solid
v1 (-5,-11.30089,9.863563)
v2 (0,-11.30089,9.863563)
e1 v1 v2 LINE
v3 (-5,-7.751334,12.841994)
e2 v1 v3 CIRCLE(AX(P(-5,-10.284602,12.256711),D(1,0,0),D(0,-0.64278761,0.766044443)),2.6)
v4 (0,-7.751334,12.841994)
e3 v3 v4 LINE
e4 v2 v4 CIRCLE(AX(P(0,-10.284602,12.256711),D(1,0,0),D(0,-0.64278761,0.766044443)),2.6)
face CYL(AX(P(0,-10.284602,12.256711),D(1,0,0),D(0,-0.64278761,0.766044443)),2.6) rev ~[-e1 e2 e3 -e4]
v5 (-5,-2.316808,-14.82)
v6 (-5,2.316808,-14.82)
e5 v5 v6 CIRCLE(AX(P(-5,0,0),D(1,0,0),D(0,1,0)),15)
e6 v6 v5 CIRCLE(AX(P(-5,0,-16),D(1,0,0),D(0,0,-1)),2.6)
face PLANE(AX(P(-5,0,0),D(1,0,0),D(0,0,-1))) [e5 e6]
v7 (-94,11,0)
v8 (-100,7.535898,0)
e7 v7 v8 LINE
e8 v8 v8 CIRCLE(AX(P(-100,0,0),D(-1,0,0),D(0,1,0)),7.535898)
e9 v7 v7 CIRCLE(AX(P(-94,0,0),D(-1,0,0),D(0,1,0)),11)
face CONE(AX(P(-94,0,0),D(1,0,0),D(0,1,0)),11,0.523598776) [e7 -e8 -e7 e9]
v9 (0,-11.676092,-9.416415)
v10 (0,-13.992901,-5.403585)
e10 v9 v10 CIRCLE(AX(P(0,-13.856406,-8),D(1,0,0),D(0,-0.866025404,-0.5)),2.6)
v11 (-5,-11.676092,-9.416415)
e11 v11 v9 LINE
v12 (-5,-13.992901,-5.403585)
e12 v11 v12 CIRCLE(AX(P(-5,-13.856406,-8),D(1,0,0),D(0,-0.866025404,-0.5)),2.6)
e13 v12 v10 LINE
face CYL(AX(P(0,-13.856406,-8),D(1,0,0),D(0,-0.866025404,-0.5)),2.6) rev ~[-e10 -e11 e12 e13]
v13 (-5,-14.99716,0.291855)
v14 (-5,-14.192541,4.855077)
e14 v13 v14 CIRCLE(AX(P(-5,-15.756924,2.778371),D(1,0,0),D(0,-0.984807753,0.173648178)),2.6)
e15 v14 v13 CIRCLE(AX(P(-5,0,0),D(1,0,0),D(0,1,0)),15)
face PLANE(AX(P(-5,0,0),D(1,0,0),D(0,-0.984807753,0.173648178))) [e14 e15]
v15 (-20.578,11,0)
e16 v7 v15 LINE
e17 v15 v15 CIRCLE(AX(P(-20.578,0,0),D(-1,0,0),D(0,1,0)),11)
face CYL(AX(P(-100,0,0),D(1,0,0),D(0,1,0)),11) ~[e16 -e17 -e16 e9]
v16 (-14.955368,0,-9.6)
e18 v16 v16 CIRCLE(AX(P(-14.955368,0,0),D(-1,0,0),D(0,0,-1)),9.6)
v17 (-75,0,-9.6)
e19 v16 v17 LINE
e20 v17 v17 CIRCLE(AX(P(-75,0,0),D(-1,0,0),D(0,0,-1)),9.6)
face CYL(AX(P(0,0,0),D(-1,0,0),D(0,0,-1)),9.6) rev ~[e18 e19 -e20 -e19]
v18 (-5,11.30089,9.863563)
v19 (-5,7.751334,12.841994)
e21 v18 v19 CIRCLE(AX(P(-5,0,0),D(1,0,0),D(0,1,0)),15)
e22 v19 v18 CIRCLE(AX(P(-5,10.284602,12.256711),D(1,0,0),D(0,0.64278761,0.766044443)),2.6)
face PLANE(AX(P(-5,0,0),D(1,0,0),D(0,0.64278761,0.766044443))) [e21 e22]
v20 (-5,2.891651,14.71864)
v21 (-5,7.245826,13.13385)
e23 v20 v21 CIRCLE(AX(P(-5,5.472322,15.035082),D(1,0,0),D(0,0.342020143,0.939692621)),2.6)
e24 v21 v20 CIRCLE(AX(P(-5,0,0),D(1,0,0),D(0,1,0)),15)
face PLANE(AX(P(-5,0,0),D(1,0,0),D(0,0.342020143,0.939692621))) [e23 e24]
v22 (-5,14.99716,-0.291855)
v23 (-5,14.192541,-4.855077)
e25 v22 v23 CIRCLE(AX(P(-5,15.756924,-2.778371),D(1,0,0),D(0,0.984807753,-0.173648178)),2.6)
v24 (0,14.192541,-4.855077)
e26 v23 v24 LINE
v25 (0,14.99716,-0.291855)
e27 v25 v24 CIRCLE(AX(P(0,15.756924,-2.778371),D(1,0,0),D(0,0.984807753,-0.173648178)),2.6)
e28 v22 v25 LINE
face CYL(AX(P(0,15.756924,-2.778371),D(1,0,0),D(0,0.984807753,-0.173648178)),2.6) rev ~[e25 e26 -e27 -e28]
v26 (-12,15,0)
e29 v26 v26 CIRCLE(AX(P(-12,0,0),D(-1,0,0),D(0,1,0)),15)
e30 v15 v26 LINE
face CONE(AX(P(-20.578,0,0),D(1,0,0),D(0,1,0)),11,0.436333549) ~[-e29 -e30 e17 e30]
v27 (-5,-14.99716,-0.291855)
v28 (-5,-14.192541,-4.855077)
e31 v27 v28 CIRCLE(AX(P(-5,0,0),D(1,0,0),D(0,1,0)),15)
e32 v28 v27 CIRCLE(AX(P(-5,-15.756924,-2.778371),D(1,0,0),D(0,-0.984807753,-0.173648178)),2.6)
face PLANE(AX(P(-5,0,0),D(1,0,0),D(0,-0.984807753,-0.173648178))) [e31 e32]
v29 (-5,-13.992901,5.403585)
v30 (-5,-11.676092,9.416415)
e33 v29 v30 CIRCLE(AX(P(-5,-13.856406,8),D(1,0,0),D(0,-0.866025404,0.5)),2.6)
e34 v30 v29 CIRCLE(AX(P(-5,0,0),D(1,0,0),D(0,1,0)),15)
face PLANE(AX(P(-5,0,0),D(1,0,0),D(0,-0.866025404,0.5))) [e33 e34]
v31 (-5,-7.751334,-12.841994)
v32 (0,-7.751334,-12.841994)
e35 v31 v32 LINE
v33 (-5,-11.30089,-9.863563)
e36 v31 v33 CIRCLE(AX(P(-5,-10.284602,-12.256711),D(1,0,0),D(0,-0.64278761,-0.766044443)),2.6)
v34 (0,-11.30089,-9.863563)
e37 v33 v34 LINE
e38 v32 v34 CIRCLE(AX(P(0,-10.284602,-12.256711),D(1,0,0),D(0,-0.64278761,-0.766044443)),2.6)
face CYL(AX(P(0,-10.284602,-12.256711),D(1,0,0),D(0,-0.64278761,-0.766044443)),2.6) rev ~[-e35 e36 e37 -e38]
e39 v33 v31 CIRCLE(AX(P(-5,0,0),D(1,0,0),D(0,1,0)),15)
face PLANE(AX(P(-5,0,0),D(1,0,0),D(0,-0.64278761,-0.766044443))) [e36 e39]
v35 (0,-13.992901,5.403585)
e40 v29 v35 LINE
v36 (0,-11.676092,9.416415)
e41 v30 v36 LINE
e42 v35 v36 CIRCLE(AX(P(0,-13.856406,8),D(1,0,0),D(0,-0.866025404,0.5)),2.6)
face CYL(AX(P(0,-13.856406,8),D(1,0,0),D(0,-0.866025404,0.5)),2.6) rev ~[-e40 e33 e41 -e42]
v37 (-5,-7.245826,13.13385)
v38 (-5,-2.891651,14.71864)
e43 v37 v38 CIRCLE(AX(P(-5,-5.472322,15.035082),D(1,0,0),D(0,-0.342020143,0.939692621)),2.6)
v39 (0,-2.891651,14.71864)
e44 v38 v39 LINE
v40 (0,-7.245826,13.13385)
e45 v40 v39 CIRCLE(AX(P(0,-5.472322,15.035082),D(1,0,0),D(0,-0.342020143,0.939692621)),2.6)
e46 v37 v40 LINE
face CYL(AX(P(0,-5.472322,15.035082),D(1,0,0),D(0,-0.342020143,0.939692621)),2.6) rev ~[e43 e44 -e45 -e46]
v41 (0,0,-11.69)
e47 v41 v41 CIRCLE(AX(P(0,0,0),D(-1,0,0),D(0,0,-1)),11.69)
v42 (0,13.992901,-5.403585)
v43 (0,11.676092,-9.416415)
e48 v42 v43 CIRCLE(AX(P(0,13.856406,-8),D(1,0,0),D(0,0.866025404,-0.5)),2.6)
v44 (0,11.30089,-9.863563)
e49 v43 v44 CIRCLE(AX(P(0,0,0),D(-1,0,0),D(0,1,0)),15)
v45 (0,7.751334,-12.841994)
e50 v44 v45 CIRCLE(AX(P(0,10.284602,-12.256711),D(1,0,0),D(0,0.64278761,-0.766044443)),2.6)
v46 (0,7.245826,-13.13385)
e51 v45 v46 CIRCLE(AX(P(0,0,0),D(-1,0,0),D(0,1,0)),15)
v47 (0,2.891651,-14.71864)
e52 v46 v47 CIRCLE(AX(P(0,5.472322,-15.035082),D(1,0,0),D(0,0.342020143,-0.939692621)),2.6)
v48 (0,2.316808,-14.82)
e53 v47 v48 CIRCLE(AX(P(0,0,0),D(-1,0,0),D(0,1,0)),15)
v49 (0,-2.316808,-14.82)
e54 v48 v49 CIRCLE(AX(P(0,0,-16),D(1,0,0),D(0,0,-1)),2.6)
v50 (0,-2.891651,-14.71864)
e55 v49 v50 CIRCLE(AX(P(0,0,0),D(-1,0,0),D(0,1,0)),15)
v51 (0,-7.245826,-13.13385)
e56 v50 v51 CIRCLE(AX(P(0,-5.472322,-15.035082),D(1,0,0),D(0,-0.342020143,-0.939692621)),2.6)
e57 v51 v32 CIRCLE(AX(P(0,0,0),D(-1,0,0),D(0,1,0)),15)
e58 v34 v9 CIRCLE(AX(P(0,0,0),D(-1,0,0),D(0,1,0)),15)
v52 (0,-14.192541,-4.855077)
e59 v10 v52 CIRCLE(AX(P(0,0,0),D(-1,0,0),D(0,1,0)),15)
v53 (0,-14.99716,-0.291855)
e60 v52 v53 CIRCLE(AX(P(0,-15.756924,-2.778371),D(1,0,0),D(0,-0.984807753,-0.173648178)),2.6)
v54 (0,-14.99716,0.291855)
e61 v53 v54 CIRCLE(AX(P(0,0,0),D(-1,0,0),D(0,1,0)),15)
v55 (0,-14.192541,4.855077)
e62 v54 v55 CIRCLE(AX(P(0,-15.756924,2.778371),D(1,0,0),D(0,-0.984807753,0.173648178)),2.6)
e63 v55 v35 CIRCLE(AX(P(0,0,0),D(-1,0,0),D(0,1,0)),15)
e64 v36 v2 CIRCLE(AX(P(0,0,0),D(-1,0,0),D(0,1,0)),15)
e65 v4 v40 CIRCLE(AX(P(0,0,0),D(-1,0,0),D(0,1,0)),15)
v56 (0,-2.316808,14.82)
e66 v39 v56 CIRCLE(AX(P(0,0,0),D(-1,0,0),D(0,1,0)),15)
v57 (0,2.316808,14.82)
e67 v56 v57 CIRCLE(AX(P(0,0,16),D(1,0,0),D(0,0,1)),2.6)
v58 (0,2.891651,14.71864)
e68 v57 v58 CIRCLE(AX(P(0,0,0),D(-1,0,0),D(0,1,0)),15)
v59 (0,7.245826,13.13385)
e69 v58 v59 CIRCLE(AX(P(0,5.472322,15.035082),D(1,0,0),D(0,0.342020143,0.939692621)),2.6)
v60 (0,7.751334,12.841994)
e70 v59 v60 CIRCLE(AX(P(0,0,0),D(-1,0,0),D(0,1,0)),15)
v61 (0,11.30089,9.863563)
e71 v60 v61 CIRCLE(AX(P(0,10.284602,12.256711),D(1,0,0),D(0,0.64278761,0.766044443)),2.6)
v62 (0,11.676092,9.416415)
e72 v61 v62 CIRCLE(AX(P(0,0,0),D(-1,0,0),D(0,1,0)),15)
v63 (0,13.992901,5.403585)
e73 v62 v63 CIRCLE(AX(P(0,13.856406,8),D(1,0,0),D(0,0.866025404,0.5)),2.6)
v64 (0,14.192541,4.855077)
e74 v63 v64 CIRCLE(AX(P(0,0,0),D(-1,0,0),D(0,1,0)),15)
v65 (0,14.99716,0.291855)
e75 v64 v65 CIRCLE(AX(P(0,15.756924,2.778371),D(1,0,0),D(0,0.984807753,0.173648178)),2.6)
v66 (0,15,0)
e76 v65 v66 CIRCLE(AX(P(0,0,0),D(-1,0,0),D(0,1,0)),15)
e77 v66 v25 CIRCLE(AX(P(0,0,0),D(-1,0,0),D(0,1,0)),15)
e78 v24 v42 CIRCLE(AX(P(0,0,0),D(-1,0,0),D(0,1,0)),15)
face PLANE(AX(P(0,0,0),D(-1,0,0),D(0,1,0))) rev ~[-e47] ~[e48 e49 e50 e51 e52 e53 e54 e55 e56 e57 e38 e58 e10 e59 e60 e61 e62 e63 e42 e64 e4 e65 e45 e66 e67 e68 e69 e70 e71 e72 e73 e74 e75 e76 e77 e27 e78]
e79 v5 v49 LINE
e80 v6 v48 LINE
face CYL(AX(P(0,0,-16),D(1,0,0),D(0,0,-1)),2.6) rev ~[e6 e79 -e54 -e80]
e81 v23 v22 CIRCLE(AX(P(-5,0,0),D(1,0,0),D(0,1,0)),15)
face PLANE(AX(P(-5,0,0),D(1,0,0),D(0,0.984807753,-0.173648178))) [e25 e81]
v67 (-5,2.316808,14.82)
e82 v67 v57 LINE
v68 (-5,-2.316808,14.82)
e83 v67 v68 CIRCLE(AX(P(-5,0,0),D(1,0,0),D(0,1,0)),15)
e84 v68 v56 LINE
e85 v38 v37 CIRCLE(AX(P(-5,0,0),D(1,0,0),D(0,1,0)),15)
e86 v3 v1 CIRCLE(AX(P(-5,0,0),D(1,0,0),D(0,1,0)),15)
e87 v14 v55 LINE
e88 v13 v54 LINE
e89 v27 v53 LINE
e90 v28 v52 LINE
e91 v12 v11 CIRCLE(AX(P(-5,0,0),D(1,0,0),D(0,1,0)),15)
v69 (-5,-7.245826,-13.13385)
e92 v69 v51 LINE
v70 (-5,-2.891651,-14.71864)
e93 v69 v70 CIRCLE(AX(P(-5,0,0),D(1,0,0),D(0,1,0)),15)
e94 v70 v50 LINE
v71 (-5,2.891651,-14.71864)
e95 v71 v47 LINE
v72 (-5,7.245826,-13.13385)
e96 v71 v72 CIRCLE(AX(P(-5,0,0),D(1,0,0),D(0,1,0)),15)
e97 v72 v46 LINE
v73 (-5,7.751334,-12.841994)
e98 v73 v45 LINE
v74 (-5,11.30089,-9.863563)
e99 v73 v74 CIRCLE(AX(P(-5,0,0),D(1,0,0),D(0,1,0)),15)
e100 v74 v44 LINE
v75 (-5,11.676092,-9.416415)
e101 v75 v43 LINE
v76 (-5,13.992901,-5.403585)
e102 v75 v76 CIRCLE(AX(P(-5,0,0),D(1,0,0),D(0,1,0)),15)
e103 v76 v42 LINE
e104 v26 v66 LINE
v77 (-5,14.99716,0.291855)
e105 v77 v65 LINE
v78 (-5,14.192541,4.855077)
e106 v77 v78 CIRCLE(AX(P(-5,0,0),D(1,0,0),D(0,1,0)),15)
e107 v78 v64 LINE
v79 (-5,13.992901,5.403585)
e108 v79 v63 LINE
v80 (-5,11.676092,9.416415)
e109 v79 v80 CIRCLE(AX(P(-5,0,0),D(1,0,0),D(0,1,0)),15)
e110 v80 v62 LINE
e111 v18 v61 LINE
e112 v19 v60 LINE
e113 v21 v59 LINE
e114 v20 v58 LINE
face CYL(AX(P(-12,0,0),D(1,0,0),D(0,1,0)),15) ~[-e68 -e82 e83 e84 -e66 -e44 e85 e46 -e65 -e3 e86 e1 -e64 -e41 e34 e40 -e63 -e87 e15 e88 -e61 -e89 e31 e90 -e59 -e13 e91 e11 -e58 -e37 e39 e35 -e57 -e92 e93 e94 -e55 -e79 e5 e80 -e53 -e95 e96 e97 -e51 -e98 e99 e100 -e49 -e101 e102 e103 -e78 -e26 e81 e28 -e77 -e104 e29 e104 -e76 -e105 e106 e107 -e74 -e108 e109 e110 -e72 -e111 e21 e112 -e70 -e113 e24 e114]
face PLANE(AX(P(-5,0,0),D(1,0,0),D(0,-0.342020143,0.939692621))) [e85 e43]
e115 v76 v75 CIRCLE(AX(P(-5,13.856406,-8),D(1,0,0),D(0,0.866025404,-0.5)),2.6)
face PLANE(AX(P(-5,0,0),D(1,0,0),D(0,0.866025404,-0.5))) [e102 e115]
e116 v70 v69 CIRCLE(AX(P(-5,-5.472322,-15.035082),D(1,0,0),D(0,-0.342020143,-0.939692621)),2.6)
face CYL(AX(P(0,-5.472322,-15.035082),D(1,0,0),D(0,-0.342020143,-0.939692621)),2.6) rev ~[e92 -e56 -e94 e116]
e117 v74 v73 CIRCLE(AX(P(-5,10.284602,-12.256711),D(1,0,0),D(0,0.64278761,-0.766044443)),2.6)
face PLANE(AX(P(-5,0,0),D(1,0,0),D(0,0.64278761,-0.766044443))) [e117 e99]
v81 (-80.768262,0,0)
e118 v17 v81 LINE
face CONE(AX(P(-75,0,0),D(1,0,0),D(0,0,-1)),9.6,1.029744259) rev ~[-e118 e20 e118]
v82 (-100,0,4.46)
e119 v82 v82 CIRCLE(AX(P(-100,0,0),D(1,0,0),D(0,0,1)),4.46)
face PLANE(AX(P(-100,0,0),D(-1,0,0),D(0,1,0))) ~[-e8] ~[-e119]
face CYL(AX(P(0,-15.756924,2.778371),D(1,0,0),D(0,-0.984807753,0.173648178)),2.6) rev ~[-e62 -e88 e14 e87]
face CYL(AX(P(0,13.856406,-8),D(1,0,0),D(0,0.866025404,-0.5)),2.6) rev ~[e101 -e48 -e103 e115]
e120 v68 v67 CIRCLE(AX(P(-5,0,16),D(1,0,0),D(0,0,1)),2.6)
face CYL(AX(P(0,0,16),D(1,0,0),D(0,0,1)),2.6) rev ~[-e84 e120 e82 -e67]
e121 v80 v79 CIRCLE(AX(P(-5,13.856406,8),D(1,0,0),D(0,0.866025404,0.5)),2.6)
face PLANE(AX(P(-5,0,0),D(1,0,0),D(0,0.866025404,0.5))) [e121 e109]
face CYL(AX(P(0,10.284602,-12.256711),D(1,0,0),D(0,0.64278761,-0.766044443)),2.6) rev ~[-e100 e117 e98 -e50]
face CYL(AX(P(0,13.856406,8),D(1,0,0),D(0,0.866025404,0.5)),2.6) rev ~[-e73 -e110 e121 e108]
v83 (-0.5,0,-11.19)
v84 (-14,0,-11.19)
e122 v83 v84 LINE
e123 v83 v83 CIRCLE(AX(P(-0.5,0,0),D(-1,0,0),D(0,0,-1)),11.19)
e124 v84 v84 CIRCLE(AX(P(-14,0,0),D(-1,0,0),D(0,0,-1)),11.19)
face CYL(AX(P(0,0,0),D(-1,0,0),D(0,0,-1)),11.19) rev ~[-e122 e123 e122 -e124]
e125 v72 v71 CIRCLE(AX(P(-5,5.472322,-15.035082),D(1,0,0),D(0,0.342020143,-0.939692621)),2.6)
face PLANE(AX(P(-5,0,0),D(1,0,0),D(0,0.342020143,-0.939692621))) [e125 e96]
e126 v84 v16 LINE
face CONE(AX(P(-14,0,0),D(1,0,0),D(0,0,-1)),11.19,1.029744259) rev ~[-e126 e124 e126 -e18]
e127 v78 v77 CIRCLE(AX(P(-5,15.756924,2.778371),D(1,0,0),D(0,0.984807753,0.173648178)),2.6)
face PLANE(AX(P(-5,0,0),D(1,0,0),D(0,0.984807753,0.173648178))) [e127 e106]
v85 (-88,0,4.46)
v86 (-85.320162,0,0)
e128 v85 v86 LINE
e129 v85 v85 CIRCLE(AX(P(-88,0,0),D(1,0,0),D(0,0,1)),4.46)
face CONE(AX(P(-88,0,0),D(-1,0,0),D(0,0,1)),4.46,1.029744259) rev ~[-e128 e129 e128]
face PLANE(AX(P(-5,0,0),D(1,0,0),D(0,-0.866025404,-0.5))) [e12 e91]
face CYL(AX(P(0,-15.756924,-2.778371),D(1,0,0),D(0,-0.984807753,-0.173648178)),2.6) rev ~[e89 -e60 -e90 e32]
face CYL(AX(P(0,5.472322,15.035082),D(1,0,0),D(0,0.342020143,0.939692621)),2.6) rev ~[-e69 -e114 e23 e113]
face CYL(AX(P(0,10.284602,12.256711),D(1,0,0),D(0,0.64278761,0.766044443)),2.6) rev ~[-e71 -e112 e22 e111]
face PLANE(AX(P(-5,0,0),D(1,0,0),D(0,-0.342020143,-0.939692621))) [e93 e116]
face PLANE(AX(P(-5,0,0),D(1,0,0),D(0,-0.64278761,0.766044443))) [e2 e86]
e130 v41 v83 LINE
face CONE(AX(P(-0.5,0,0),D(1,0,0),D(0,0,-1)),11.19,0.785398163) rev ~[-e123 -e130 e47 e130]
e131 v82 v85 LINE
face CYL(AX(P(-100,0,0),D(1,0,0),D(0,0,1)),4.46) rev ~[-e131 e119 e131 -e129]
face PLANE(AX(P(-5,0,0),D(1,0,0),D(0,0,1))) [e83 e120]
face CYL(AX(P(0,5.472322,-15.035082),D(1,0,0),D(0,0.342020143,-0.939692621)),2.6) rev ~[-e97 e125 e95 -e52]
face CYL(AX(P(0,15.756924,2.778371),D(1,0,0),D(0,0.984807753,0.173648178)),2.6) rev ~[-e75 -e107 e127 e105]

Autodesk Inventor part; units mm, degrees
ref_plane "YZ Plane" through (0, 0, 0) normal (1, 0, 0) x (0, 1, 0)
ref_plane "XZ Plane" through (0, 0, 0) normal (0, 1, 0) x (-1, 0, 0)
ref_plane "XY Plane" through (0, 0, 0) normal (0, 0, 1) x (1, 0, 0)
sketch "Náčrt1" plane through (0, 0, 0) normal (0, 0, 1) x (1, 0, 0)
  line L0 (0, 0) -> (-100, 0)
  line L1 (-100, 0) -> (-100, 11)
  line L2 (-100, 11) -> (-20.578, 11)
  line L3 (-20.578, 11) -> (-12, 15)
  line L4 (-12, 15) -> (0, 15)
  line L5 (0, 15) -> (0, 0)
  dimension "d2" = 22
  dimension "d3" = 30
  dimension "d4" = 12
  dimension "d5" = 25
  dimension "d6" = 100
revolve "Rotace1" add sketch "Náčrt1" angle 360 about axis through (0, 0, 0) along (-1, 0, 0)
hole "Díra1" at (0, 0, 0) direction (-1, 0, 0) diameter 22.38 depth 14 tip angle 118
hole "Díra2" at (0, 0, 0) direction (-1, 0, 0) diameter 19.2 depth 75 tip angle 118
hole "Díra3" at (-100, 0, 0) direction (1, 0, 0) diameter 8.92 depth 12 tip angle 118
chamfer "Zkosení1" distance 6 angle 30 1 edges at (-100, -11, 0) measured on face at (-47.052, 10.8576, 1.7645)
sketch "Náčrt2" plane through (0, 0, 0) normal (1, 0, 0) x (0, 0, -1)
  circle A0 centre (16, 0) radius 2.6
  point P0 (0, 0)
  dimension "d40" = 16
  dimension "d41" = 5.2
extrude "Vysunutí1" cut sketch "Náčrt2" against normal blind 5
pattern_circular "Kruhové pole1" count 18 over 360 about axis through (-6, 0, 0) along (1, 0, 0) of "Vysunutí1"
chamfer "Zkosení2" distance 0.5 angle 45 1 edges at (0, 0, 11.19)
properties part number "Head02" material "ETG 100"
